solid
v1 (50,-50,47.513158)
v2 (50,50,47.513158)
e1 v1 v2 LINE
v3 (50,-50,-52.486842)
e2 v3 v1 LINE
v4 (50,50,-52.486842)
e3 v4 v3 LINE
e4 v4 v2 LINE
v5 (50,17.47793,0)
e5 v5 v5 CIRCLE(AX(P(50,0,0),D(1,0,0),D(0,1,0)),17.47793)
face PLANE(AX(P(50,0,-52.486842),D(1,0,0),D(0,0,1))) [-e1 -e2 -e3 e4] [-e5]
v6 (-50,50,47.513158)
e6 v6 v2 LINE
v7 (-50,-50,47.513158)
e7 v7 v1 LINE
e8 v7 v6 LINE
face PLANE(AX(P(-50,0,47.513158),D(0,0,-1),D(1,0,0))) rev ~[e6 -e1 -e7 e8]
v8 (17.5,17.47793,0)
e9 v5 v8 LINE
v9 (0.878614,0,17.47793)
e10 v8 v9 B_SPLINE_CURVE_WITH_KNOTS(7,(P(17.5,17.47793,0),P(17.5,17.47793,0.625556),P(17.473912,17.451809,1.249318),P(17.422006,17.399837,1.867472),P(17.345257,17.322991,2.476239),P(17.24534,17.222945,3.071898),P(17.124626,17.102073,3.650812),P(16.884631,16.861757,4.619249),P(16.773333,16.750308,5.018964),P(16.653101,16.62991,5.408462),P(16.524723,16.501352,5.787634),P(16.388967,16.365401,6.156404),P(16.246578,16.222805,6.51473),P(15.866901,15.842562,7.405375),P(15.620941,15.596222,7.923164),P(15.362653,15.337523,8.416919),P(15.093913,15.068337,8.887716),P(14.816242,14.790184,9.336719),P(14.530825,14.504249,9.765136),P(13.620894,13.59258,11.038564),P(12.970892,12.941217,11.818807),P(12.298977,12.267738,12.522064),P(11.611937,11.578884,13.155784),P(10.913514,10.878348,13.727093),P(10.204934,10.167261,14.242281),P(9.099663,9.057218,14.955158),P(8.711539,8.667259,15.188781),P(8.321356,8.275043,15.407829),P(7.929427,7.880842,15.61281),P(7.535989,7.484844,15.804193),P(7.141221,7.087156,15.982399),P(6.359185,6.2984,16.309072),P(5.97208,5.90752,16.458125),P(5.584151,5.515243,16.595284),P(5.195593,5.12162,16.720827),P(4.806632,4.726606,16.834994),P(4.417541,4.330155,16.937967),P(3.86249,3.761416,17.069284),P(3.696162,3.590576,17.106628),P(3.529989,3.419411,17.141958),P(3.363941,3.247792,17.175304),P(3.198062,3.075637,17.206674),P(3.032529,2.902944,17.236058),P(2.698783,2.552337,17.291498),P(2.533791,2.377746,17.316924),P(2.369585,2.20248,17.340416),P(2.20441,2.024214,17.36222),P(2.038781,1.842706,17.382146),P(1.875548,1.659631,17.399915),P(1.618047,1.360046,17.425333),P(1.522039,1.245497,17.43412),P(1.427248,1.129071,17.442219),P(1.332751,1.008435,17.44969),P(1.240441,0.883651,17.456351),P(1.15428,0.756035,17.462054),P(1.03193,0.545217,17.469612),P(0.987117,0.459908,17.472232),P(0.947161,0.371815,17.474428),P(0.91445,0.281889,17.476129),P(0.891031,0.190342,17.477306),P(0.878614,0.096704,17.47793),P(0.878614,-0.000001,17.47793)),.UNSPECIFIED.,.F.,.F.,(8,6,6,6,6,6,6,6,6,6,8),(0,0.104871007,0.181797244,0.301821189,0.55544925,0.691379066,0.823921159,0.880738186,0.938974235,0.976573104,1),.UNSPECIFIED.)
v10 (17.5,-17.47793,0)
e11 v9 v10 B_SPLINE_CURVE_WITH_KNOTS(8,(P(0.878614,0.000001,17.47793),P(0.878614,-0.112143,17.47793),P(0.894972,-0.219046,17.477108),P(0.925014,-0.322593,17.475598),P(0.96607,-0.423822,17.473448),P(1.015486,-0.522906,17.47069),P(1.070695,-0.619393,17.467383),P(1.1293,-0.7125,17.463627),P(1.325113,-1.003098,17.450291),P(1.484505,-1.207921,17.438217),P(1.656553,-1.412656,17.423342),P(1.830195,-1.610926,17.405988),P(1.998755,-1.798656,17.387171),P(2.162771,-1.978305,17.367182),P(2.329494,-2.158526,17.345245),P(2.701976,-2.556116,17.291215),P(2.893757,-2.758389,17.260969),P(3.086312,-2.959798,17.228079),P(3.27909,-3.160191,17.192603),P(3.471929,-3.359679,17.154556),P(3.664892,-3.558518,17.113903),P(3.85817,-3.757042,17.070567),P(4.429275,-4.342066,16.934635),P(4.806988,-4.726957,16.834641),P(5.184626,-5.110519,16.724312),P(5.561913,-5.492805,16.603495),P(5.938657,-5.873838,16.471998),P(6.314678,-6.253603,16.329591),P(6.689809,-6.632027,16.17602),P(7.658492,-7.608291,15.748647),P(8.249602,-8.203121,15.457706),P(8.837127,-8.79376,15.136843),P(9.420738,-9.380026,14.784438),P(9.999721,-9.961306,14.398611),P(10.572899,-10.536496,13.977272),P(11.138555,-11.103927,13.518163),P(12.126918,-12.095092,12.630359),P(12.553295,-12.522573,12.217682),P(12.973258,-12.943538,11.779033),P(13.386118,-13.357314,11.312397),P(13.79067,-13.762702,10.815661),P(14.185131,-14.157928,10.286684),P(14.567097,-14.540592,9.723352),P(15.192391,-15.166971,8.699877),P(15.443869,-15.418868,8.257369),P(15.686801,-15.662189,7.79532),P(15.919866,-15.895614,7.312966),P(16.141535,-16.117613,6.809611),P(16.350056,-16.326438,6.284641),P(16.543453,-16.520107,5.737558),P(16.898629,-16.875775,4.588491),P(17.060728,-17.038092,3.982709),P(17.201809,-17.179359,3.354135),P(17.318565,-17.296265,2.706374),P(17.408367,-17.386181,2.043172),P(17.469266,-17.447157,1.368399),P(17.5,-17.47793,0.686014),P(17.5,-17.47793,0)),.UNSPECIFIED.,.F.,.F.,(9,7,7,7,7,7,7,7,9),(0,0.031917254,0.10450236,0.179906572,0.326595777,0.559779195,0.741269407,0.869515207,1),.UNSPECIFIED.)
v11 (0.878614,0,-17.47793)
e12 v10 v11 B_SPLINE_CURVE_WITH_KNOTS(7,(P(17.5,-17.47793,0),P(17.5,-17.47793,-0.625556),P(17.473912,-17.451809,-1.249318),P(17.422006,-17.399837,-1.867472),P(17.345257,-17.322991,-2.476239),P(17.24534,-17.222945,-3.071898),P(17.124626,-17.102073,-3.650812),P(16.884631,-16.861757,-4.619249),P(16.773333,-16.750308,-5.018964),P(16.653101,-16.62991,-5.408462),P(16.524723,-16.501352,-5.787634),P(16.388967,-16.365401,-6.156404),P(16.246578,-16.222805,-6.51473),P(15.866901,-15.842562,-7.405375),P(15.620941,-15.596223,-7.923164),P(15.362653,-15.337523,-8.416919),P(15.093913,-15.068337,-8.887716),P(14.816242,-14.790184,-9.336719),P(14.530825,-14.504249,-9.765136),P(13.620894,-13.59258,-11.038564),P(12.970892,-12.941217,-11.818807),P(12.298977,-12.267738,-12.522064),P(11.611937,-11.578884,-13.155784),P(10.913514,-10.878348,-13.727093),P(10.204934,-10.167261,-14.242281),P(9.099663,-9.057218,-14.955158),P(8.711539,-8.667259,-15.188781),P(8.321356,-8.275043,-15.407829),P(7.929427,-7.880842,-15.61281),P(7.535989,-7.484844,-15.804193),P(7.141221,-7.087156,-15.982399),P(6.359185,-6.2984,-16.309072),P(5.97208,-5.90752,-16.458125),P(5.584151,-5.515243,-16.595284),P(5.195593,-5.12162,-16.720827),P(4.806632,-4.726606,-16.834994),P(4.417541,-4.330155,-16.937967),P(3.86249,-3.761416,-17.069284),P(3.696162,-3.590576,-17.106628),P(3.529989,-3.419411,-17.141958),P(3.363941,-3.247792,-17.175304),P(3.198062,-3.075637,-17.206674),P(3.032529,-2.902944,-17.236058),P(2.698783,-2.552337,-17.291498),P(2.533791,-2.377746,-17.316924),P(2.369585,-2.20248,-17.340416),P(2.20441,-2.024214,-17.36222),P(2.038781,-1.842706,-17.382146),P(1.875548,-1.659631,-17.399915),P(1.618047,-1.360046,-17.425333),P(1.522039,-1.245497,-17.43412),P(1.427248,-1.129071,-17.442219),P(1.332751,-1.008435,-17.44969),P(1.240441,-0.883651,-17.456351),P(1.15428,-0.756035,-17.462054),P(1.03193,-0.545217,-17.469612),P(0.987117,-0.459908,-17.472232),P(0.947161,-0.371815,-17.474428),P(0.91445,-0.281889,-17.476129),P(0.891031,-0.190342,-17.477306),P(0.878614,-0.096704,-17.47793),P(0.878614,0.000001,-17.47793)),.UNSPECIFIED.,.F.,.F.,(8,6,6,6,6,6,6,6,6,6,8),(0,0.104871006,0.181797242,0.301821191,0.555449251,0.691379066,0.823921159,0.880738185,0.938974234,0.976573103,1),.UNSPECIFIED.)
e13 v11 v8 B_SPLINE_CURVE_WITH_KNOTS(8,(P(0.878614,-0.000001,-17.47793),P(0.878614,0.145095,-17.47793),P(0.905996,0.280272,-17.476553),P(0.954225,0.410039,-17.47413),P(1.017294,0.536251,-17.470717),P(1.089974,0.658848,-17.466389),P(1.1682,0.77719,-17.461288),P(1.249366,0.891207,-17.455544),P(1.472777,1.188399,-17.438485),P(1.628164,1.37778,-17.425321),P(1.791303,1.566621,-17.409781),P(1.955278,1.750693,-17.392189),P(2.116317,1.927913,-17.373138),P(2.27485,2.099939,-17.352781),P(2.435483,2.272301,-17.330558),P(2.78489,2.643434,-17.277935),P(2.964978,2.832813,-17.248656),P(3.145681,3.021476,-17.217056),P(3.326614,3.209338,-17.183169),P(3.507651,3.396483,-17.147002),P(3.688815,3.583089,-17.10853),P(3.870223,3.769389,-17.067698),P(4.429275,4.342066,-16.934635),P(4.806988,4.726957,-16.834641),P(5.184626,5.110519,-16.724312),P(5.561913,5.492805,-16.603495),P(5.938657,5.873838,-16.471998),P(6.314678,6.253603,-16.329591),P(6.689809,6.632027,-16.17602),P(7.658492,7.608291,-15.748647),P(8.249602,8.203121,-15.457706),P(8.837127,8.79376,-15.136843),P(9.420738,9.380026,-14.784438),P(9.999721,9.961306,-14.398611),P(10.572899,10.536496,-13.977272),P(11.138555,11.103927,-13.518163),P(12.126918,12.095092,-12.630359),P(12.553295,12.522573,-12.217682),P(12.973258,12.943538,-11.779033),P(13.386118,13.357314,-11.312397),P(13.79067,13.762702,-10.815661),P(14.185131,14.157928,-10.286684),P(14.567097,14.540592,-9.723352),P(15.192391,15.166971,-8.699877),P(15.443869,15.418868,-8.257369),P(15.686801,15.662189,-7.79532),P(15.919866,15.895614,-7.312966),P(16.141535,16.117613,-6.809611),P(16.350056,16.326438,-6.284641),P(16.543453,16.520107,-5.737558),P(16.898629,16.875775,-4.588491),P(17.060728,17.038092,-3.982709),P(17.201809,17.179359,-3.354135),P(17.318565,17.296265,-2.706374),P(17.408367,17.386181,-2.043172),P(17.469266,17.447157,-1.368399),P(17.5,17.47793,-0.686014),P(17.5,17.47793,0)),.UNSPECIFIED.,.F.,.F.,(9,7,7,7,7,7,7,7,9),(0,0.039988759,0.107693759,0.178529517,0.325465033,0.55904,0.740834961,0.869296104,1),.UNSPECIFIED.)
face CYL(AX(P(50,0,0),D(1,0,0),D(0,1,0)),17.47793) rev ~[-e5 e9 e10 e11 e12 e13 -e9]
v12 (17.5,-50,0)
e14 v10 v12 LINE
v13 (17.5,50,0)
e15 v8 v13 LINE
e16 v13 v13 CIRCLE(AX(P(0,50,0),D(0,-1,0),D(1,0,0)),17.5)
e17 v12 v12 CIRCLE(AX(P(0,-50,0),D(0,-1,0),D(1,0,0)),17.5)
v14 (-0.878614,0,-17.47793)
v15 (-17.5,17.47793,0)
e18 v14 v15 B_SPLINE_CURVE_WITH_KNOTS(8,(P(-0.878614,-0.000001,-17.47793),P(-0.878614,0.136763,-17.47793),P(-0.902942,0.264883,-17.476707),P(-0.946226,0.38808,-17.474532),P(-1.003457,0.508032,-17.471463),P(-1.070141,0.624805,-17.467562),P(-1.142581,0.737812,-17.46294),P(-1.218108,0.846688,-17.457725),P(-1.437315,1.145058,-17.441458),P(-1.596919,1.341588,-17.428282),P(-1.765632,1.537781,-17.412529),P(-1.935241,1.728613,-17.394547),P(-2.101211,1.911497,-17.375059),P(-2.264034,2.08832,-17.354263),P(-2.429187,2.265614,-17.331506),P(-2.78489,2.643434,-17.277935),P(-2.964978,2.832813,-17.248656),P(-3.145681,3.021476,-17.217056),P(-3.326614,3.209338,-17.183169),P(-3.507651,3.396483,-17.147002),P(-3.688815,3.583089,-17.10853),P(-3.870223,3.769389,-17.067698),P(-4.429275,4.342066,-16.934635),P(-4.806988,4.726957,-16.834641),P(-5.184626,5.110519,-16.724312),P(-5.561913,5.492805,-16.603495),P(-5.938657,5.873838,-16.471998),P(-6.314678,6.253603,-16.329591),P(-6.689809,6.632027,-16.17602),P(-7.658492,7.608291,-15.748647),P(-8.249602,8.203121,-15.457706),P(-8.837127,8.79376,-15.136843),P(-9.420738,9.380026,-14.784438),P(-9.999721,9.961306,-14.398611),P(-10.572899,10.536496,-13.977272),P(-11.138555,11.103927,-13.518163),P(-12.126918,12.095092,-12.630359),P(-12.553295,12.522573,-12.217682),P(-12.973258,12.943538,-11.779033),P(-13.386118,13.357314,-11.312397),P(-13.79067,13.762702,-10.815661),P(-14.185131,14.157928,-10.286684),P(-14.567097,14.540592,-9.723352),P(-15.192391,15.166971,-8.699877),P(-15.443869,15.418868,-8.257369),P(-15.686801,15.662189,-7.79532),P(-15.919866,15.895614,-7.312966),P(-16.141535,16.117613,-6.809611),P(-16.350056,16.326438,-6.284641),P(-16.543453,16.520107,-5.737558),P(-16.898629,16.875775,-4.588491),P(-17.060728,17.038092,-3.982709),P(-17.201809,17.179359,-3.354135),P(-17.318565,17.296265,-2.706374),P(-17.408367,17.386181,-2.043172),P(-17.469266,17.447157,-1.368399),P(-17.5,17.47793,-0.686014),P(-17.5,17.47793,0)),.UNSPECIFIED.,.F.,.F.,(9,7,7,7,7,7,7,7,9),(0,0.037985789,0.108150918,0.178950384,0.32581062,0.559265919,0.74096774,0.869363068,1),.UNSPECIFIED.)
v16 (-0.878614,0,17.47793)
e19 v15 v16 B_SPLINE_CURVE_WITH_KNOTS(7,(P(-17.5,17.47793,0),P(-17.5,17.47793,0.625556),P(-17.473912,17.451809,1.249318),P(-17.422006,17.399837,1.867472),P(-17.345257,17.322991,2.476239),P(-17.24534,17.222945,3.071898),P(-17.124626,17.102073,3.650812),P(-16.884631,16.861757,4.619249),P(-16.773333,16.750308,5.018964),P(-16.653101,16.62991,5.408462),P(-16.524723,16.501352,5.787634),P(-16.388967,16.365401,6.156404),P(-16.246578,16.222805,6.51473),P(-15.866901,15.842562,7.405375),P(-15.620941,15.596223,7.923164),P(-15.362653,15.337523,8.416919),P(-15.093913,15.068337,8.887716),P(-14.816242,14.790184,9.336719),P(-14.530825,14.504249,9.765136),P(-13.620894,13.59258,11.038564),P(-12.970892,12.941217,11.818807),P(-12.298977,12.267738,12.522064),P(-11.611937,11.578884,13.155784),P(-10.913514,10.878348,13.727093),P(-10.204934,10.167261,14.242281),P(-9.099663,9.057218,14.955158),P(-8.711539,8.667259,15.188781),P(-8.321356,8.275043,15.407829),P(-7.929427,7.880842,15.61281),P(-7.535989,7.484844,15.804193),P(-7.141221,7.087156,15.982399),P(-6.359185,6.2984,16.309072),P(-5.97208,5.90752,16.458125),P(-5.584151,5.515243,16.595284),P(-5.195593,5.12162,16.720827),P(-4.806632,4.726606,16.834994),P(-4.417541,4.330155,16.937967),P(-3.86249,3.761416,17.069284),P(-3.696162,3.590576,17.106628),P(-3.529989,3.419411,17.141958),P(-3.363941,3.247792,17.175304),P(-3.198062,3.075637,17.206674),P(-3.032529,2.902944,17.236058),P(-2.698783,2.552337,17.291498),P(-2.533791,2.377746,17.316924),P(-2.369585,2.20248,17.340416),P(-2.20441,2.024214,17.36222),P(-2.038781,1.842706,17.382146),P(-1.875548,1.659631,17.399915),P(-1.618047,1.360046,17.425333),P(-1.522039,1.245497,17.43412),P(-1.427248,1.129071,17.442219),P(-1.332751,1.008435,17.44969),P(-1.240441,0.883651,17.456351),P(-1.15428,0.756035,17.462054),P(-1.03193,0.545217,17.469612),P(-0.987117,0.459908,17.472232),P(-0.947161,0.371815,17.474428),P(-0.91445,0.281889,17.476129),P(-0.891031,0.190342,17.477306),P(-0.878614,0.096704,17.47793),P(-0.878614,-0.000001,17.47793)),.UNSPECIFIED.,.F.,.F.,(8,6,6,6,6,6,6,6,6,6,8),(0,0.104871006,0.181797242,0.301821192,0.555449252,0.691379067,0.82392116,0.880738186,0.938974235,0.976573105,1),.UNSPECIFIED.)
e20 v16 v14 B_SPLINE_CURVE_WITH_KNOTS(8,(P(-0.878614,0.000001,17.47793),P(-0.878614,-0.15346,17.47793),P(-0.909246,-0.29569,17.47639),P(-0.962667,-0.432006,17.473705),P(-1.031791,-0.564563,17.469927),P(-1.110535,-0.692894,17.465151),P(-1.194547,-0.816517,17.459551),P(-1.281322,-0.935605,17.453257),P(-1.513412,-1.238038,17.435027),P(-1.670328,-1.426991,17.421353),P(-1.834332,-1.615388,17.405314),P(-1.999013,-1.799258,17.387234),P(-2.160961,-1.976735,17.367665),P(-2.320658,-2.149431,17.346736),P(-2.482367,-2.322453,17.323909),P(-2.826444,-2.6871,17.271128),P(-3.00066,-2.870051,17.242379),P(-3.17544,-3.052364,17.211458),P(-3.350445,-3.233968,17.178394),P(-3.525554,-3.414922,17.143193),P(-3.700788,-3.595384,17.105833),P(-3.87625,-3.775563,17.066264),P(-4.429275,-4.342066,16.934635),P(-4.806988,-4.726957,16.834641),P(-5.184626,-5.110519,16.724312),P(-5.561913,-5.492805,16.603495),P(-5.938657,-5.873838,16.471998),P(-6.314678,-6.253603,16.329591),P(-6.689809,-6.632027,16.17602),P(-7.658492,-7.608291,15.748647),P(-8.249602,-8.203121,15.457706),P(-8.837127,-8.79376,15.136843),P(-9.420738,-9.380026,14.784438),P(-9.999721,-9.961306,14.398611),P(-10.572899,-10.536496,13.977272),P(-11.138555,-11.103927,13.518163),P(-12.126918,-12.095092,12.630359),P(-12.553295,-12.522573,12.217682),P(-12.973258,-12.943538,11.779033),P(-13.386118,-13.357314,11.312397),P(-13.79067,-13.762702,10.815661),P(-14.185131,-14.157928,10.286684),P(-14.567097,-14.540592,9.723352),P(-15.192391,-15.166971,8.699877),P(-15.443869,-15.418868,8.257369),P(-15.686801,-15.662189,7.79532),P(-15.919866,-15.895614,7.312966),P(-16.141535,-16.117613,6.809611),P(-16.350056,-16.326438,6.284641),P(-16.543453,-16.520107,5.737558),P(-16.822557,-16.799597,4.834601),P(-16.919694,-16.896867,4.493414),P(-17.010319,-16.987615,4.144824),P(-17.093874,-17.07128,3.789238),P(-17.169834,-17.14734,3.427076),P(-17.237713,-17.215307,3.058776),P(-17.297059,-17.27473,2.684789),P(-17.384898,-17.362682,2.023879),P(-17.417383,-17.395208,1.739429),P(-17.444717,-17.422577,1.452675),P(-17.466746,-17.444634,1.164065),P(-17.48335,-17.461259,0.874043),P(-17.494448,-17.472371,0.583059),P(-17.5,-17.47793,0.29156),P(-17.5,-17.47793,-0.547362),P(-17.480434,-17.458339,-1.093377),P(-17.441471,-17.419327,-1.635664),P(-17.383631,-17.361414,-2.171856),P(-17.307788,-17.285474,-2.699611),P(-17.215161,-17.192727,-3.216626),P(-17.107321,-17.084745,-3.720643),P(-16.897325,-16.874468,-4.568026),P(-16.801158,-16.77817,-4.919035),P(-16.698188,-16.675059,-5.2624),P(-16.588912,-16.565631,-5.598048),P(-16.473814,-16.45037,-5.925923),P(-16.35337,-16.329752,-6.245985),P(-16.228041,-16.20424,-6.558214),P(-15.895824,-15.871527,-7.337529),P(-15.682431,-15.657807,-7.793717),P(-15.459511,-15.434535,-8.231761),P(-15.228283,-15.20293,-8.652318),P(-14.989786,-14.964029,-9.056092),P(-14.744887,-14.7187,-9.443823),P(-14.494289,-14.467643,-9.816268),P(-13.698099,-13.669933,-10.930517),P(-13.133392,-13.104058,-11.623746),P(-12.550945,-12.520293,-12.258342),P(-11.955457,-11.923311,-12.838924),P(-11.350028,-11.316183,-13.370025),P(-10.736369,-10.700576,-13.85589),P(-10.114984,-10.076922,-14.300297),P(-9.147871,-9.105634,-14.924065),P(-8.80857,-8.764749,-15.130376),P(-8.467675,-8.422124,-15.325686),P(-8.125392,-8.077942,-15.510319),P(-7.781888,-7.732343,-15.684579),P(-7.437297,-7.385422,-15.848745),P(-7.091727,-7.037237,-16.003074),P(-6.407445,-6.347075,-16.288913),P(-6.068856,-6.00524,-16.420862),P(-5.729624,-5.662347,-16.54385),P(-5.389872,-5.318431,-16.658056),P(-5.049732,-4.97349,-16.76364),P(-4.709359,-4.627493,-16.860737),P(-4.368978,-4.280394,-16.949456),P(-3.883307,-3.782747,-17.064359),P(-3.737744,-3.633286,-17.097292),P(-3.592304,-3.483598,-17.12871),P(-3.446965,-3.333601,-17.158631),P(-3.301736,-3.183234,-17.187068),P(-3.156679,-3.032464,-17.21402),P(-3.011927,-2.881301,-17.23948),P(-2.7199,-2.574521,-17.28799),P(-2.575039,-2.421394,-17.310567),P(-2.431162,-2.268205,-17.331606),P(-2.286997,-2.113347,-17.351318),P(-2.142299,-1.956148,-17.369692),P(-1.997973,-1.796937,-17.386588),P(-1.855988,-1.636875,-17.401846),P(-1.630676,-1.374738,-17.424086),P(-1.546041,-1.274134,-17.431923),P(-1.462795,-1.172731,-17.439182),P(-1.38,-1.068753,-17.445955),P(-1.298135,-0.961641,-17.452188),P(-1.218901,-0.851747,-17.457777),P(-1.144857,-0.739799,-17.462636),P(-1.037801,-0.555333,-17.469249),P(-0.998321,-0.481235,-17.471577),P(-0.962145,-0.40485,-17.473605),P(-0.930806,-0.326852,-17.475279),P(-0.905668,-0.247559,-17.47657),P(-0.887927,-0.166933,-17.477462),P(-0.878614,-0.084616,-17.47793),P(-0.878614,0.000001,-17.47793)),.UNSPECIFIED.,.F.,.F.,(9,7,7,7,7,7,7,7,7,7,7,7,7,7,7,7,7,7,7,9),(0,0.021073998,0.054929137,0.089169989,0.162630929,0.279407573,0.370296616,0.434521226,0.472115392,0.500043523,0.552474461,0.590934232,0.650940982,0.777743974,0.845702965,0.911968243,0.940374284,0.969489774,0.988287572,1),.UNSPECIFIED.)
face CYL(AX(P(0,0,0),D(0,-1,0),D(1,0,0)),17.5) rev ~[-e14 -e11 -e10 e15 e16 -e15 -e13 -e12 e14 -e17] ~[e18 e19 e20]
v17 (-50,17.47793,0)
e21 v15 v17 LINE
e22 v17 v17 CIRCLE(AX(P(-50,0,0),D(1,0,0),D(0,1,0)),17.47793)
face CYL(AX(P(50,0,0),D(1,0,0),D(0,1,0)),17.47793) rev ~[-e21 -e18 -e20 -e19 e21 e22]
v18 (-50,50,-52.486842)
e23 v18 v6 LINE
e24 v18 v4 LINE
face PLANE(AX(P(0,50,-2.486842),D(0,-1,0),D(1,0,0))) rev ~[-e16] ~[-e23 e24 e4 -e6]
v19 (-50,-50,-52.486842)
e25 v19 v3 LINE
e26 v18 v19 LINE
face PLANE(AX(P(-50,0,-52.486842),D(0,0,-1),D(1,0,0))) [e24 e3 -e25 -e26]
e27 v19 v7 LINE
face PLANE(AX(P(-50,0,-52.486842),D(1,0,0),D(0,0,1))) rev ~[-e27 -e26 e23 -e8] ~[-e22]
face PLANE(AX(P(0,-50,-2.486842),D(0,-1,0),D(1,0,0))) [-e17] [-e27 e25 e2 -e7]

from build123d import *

# Parameters (mm, degrees)
F0_W          = 100
F0_H          = 100
F1_DEPTH      = 50
F2_R          = 17.5
F3_DEPTH      = 50
F3_DEPTH_BACK = 110
F4_R          = 17.4779300175
F1_FACE1_W    = 100
F1_FACE1_H    = 100
F5_DEPTH      = 100.001


with BuildPart() as f1:
    # F0 (on Front) → F1 (new body, symmetric)
    with BuildSketch(Plane.XZ):
        with Locations((0, -2.4868422188)):
            Rectangle(F0_W, F0_H)
    extrude(amount=F1_DEPTH, both=True)

    # F2 (on Front) → F3 (cut, two sides)
    with BuildSketch(Plane.XZ) as f3_sk:
        Circle(F2_R)
    extrude(amount=F3_DEPTH, mode=Mode.SUBTRACT)
    extrude(f3_sk.sketch, amount=-F3_DEPTH_BACK, mode=Mode.SUBTRACT)

    # F4 (on face) + F1_face1 (on face) → F5 (cut, through all)
    with BuildSketch(Plane.YZ.offset(50)):
        Circle(F4_R)
    with BuildSketch(Plane(origin=(-50, 0, -2.4868422188), x_dir=(0, -1, 0), z_dir=(-1, 0, 0))):
        Rectangle(F1_FACE1_W, F1_FACE1_H)
    extrude(amount=-F5_DEPTH, dir=(1, 0, 0), mode=Mode.SUBTRACT)


solid = f1.part
